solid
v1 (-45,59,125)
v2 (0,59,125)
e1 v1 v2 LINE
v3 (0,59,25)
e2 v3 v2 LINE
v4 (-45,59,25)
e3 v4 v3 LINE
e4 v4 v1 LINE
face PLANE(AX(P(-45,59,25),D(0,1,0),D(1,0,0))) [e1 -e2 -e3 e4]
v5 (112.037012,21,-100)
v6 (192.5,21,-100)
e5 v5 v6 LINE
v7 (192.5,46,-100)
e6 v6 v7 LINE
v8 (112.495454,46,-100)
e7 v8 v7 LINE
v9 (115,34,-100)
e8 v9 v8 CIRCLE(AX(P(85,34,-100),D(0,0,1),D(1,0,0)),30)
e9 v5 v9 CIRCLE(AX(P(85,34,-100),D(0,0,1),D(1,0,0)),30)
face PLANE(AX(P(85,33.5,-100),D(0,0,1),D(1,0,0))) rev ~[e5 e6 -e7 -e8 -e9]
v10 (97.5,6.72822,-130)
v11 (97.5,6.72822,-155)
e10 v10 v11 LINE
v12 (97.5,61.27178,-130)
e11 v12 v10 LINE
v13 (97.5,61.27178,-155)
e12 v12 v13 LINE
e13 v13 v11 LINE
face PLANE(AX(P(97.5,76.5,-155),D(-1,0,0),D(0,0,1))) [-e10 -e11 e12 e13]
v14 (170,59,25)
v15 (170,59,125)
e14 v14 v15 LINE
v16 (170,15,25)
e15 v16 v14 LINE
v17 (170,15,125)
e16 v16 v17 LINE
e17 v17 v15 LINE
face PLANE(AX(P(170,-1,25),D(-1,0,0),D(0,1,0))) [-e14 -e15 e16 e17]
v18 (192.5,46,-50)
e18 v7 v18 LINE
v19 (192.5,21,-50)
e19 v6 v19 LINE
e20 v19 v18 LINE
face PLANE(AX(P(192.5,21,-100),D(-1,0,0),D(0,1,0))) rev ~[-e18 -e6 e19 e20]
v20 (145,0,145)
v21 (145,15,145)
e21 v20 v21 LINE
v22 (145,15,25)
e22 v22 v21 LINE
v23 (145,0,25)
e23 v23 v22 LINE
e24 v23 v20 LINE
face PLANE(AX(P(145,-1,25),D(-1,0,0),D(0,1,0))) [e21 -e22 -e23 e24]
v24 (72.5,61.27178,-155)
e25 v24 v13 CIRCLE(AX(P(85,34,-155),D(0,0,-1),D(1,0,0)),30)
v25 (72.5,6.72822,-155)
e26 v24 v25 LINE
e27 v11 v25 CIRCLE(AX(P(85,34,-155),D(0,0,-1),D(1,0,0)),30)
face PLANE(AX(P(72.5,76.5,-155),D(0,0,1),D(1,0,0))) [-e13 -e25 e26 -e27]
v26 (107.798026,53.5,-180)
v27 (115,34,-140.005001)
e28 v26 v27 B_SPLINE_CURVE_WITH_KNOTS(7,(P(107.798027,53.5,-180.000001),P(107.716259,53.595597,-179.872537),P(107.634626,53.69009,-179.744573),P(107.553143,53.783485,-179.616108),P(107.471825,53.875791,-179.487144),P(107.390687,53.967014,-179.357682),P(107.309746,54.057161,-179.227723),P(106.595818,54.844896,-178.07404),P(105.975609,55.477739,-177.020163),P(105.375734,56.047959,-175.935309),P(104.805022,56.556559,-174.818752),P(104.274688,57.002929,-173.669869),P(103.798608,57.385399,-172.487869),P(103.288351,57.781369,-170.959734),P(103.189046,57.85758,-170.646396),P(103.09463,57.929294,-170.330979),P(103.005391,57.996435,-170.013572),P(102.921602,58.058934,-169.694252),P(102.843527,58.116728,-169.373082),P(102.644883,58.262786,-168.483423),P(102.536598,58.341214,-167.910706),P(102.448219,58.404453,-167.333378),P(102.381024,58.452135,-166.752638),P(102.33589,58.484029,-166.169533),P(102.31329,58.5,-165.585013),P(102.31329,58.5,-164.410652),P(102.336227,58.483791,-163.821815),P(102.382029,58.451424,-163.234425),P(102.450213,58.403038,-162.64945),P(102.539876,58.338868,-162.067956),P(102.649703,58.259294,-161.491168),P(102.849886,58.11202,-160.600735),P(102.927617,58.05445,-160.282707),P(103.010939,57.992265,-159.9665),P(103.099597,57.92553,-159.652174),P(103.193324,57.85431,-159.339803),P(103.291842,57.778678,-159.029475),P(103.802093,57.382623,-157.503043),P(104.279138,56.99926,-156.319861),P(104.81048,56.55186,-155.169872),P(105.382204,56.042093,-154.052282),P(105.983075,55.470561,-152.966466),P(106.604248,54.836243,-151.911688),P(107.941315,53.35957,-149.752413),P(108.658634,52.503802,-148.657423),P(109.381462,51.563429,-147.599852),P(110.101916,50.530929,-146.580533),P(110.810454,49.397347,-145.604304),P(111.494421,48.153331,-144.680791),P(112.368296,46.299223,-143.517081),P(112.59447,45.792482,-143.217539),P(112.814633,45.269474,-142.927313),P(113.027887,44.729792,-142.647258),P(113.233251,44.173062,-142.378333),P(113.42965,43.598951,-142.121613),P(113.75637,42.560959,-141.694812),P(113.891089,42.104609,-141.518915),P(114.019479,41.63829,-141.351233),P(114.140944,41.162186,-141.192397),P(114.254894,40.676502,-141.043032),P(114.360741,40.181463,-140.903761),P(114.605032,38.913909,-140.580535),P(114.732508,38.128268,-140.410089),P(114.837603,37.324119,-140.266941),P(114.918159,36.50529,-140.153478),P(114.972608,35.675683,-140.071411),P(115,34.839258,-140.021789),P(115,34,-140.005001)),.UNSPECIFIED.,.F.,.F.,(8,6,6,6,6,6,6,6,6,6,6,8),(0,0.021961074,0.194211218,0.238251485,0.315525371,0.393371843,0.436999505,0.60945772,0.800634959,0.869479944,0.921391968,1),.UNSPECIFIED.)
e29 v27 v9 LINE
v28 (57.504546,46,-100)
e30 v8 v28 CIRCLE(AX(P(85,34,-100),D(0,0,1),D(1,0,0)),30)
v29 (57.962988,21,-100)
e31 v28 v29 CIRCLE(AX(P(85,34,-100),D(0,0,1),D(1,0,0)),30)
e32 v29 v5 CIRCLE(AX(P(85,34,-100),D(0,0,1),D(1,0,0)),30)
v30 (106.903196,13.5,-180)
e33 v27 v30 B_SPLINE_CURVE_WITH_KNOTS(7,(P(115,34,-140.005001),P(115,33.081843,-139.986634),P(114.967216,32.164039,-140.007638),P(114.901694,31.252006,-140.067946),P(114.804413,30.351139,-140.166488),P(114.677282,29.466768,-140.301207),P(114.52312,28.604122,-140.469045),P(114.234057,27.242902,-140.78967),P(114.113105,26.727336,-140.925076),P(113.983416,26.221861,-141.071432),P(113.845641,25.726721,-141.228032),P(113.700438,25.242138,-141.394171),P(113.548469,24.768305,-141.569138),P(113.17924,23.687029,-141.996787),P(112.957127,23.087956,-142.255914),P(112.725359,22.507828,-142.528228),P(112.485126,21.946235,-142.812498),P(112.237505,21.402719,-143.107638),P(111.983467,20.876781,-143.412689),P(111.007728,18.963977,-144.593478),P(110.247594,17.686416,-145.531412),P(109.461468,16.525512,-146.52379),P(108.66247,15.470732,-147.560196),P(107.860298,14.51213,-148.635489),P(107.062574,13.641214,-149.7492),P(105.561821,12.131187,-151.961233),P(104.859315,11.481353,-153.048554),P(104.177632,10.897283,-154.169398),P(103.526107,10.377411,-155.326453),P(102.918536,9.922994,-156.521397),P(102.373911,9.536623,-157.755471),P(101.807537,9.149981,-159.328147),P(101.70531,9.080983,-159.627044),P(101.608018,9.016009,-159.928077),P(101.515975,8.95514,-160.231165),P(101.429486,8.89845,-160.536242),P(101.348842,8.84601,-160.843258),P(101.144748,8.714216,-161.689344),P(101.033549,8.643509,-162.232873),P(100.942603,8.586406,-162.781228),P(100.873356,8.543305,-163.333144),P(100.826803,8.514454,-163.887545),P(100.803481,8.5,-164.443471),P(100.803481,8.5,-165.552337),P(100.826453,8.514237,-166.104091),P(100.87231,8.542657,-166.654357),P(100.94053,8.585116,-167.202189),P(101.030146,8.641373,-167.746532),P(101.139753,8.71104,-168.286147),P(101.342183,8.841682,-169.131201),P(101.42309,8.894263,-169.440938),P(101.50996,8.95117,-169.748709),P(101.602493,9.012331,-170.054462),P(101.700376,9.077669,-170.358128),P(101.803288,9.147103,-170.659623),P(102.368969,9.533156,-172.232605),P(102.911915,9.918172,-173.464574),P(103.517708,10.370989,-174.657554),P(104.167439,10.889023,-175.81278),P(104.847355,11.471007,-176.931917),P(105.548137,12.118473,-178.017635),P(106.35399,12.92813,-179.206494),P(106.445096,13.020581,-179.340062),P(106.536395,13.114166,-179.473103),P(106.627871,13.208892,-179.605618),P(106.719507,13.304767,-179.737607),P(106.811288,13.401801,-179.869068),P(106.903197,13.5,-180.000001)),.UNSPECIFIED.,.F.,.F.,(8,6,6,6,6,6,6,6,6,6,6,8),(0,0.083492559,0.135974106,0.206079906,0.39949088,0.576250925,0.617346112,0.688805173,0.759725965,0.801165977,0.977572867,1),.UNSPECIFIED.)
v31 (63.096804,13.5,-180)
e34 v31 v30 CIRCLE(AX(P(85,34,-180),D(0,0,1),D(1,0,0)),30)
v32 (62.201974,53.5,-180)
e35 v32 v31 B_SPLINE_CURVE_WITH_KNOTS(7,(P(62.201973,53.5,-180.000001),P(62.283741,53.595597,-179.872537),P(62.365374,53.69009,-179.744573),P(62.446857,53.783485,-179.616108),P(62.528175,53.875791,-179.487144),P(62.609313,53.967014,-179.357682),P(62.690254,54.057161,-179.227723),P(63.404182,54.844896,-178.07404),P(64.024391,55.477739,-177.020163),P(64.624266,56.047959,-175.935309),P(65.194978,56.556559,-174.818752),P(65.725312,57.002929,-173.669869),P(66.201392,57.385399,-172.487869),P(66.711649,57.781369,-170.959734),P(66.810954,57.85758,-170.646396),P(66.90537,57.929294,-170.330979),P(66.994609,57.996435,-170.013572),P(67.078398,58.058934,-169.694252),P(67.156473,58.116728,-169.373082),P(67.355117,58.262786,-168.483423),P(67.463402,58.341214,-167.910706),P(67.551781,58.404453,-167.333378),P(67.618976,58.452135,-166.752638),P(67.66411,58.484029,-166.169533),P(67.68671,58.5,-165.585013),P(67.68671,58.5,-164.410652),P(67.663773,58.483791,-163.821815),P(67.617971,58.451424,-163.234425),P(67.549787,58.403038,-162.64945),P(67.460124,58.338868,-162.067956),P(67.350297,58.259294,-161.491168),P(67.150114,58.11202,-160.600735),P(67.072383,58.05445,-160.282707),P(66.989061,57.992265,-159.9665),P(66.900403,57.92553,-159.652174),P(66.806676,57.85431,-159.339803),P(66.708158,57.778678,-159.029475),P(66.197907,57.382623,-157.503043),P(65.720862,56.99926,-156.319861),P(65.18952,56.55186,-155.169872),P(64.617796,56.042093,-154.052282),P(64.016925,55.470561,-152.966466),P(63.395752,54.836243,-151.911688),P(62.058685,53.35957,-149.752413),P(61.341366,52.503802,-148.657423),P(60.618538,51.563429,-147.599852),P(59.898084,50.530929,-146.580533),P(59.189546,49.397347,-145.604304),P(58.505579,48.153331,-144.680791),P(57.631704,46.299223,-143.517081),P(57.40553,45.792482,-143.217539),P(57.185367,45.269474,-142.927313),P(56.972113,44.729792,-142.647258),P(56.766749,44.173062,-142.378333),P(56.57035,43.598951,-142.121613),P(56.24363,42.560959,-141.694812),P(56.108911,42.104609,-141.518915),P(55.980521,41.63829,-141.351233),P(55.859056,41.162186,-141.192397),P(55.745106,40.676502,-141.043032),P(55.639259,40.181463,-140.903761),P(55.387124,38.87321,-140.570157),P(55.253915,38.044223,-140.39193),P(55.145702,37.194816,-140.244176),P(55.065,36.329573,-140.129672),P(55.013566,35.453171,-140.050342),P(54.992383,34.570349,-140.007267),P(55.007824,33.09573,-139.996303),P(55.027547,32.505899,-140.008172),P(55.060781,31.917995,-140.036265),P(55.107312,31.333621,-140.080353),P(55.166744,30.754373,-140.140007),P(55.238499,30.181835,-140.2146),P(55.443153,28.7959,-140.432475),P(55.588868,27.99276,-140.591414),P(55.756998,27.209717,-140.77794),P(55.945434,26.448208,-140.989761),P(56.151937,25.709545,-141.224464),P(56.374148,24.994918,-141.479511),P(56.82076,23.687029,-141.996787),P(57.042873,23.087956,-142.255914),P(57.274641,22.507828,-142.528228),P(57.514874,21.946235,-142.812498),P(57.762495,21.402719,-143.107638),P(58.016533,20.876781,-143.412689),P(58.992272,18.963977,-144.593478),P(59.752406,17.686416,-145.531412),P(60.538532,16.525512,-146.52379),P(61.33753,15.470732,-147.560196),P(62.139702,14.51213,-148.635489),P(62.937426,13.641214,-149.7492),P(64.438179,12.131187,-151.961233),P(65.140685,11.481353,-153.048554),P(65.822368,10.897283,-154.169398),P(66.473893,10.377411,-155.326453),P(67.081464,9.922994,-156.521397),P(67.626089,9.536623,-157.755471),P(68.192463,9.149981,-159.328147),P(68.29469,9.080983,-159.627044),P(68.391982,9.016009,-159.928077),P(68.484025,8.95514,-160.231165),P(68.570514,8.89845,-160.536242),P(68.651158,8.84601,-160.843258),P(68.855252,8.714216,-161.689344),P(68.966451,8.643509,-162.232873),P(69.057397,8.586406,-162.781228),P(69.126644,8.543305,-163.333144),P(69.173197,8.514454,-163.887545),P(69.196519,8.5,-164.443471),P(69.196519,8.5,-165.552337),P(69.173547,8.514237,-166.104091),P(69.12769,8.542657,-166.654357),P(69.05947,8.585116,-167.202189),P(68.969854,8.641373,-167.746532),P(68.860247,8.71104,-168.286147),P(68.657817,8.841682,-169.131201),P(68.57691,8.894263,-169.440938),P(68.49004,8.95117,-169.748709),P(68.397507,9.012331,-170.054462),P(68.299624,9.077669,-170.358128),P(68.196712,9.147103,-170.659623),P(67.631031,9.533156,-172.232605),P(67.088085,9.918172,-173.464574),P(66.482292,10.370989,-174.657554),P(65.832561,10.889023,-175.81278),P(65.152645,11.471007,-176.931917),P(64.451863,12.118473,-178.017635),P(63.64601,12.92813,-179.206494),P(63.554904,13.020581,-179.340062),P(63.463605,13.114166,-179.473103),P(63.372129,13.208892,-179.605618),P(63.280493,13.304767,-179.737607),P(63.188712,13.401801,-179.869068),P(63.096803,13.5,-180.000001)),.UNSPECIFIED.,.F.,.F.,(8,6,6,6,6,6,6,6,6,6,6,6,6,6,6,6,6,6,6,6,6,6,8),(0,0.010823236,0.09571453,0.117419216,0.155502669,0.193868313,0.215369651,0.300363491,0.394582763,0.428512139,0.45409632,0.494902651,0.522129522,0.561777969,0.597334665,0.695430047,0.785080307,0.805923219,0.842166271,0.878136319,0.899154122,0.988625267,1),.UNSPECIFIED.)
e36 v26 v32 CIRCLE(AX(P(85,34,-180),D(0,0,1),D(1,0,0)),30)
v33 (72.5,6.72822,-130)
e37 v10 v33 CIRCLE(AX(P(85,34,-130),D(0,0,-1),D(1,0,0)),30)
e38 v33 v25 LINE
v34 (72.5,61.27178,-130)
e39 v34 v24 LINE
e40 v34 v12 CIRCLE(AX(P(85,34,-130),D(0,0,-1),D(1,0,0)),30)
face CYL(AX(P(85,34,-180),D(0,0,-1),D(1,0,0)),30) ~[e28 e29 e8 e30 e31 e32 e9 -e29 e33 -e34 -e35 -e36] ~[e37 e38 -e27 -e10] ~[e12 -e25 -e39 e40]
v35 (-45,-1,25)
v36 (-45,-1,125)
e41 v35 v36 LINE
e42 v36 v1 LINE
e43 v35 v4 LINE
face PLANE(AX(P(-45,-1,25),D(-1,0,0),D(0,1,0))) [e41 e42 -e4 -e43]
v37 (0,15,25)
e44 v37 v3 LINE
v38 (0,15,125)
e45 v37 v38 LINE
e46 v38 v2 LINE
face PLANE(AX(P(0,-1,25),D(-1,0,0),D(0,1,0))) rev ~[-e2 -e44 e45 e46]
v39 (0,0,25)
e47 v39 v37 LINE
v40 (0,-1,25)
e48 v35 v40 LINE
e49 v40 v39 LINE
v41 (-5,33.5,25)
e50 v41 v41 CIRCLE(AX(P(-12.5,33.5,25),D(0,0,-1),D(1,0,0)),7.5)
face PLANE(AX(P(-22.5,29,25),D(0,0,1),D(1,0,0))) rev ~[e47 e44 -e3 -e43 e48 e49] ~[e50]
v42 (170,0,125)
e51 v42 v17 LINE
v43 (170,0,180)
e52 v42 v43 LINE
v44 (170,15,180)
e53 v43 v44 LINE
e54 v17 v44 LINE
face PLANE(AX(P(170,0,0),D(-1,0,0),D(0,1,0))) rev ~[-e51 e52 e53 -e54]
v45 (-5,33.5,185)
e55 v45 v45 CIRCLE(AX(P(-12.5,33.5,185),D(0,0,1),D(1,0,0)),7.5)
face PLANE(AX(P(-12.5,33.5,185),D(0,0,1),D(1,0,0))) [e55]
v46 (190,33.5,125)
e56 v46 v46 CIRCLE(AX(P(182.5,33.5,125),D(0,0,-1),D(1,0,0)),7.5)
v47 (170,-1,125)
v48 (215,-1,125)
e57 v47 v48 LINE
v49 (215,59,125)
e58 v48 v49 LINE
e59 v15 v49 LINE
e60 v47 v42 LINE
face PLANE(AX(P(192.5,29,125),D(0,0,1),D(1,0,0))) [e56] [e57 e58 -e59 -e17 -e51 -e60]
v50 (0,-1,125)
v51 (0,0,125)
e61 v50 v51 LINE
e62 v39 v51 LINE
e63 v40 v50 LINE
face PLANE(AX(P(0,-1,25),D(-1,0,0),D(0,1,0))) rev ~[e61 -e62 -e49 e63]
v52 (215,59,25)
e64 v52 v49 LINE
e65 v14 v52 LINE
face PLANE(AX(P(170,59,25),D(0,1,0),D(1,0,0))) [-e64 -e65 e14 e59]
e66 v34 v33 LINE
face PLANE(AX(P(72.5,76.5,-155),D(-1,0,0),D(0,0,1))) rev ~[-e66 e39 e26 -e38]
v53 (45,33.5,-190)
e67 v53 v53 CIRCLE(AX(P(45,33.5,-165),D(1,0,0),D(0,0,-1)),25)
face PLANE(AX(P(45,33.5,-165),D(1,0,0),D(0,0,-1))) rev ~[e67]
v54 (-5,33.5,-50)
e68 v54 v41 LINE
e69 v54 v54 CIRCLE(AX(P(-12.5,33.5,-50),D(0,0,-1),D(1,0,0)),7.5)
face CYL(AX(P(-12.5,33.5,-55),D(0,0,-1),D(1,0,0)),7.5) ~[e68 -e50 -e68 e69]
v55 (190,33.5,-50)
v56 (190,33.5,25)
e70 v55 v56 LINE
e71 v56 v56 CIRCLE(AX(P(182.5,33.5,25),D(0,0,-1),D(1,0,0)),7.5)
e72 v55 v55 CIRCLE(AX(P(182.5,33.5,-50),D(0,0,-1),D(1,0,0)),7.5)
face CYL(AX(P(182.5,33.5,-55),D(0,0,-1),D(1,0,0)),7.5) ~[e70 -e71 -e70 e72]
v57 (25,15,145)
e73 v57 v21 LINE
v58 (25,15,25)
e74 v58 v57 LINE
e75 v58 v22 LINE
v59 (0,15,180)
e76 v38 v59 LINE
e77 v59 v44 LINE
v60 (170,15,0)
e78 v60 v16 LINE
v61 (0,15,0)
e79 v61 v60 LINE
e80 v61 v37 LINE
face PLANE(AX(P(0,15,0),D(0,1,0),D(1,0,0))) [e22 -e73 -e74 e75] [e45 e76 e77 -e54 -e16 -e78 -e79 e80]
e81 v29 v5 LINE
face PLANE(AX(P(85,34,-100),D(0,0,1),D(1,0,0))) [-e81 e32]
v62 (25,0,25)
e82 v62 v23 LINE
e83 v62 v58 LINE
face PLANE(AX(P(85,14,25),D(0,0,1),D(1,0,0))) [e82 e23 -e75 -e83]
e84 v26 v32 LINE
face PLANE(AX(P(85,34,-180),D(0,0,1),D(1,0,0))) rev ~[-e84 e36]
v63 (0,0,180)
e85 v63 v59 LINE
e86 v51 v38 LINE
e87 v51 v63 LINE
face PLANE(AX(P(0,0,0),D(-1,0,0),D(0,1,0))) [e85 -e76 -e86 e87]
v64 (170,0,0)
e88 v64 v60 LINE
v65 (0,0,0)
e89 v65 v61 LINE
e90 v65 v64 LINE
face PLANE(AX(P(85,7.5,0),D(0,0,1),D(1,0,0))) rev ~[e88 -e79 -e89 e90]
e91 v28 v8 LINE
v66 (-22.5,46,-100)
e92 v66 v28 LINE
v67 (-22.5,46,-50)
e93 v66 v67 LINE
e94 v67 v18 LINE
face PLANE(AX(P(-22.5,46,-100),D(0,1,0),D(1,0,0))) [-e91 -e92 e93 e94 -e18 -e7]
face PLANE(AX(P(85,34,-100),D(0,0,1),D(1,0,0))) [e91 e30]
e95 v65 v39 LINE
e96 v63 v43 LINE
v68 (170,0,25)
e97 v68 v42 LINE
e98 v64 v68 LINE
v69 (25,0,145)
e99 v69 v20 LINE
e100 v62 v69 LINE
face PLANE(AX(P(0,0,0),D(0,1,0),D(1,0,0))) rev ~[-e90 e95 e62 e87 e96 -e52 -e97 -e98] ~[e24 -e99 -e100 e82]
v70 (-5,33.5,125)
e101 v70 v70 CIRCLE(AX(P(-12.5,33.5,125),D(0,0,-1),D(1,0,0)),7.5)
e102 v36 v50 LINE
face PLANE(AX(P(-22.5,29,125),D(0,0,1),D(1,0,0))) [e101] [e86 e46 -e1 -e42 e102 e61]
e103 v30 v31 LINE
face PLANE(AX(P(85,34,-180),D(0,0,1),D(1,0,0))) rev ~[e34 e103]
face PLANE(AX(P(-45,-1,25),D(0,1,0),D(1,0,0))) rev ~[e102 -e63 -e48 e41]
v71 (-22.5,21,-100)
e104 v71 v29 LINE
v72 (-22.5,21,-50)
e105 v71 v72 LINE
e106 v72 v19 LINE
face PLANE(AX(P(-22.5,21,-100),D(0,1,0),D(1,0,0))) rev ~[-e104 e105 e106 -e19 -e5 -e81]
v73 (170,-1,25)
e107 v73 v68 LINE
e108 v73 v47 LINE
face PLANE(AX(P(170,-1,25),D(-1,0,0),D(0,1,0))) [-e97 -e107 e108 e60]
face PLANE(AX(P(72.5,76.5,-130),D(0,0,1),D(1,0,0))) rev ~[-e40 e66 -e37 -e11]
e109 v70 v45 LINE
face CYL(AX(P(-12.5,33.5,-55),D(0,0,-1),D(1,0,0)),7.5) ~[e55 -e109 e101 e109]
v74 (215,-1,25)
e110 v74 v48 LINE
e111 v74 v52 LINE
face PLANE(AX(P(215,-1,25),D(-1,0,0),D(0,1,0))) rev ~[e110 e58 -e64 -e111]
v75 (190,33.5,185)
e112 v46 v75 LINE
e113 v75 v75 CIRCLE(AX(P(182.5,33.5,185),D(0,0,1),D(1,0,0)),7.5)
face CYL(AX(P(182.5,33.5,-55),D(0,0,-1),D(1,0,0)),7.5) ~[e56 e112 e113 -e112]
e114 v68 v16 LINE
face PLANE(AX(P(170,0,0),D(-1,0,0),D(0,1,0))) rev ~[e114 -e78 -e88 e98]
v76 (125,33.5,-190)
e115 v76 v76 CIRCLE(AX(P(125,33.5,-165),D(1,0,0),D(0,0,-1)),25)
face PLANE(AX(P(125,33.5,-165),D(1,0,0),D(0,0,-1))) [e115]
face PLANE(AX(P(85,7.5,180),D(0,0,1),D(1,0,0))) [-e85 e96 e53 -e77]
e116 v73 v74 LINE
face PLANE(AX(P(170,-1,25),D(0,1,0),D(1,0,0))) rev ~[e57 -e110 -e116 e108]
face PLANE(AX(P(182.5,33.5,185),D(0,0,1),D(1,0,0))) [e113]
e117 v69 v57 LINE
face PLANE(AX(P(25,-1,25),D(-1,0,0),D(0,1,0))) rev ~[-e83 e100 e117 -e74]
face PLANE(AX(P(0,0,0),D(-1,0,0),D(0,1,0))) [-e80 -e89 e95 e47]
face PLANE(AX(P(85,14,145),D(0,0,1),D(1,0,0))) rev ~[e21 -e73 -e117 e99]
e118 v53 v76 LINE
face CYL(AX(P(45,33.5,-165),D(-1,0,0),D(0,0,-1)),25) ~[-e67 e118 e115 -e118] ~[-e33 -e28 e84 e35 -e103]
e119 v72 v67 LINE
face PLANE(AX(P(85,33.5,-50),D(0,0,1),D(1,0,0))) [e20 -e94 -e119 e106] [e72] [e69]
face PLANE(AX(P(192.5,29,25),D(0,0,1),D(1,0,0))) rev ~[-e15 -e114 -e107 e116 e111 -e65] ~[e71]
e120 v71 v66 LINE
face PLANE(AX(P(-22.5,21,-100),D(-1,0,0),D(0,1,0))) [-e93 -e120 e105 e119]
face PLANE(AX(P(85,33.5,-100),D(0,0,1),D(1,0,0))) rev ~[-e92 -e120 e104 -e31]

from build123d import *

# Parameters (mm, degrees)
CYLINDER_R        = 7.5
CYLINDER_DEPTH    = 240
CYLINDER001_R     = 7.5
CYLINDER001_DEPTH = 240
BOX008_W          = 45
BOX008_H          = 60
BOX008_DEPTH      = 100
BOX009_W          = 45
BOX009_H          = 60
BOX009_DEPTH      = 100
BOX010_W          = 120
BOX010_H          = 30
BOX010_DEPTH      = 120
BOX006_W          = 170
BOX006_H          = 15
BOX006_DEPTH      = 180
BOX018_W          = 25
BOX018_H          = 25
BOX018_DEPTH      = 100
CYLINDER002_R     = 30
CYLINDER002_DEPTH = 80
CYLINDER003_R     = 25
CYLINDER003_DEPTH = 80
BOX007_W          = 215
BOX007_H          = 25
BOX007_DEPTH      = 50


with BuildPart() as cylinder:
    # Cylinder → Cylinder (new body)
    with BuildSketch(Plane(origin=(-12.5, 33.5, -55), x_dir=(1, 0, 0), z_dir=(0, 0, 1))):
        Circle(CYLINDER_R)
    extrude(amount=CYLINDER_DEPTH)


with BuildPart() as cylinder001:
    # Cylinder001 → Cylinder001 (new body)
    with BuildSketch(Plane(origin=(182.5, 33.5, -55), x_dir=(1, 0, 0), z_dir=(0, 0, 1))):
        Circle(CYLINDER001_R)
    extrude(amount=CYLINDER001_DEPTH)


with BuildPart() as cube004:
    # Box008 → Box008 (new body)
    with BuildSketch(Plane(origin=(-45, -1, 25), x_dir=(1, 0, 0), z_dir=(0, 0, 1))):
        with Locations((22.5, 30)):
            Rectangle(BOX008_W, BOX008_H)
    extrude(amount=BOX008_DEPTH)


with BuildPart() as cube005:
    # Box009 → Box009 (new body)
    with BuildSketch(Plane(origin=(170, -1, 25), x_dir=(1, 0, 0), z_dir=(0, 0, 1))):
        with Locations((22.5, 30)):
            Rectangle(BOX009_W, BOX009_H)
    extrude(amount=BOX009_DEPTH)


with BuildPart() as cube006:
    # Box010 → Box010 (new body)
    with BuildSketch(Plane(origin=(25, -1, 25), x_dir=(1, 0, 0), z_dir=(0, 0, 1))):
        with Locations((60, 15)):
            Rectangle(BOX010_W, BOX010_H)
    extrude(amount=BOX010_DEPTH)


with BuildPart() as cut002:
    # Box006 → Box006 (new body)
    with BuildSketch(Plane.XY):
        with Locations((85, 7.5)):
            Rectangle(BOX006_W, BOX006_H)
    extrude(amount=BOX006_DEPTH)

    # Cut002: cut Cube006
    add(cube006.part, mode=Mode.SUBTRACT)


with BuildPart() as cube014:
    # Box018 → Box018 (new body)
    with BuildSketch(Plane(origin=(72.5, 76.5, -155), x_dir=(1, 0, 0), z_dir=(0, -1, 0))):
        with Locations((12.5, 12.5)):
            Rectangle(BOX018_W, BOX018_H)
    extrude(amount=BOX018_DEPTH)


with BuildPart() as cylinder002:
    # Cylinder002 → Cylinder002 (new body)
    with BuildSketch(Plane(origin=(85, 34, -180), x_dir=(1, 0, 0), z_dir=(0, 0, 1))):
        Circle(CYLINDER002_R)
    extrude(amount=CYLINDER002_DEPTH)


with BuildPart() as cut005:
    # Cylinder003 → Cylinder003 (new body)
    with BuildSketch(Plane(origin=(45, 33.5, -165), x_dir=(0, 0, -1), z_dir=(1, 0, 0))):
        Circle(CYLINDER003_R)
    extrude(amount=CYLINDER003_DEPTH)

    # Fusion001: union Cylinder002
    add(cylinder002.part)

    # Cut005: cut Cube014
    add(cube014.part, mode=Mode.SUBTRACT)


with BuildPart() as standard:
    # Box007 → Box007 (new body)
    with BuildSketch(Plane(origin=(-22.5, 21, -100), x_dir=(1, 0, 0), z_dir=(0, 0, 1))):
        with Locations((107.5, 12.5)):
            Rectangle(BOX007_W, BOX007_H)
    extrude(amount=BOX007_DEPTH)

    # Fusion002: union Cylinder, Cylinder001, Cube004, Cube005, Cut002, Cut005
    add(cylinder.part)
    add(cylinder001.part)
    add(cube004.part)
    add(cube005.part)
    add(cut002.part)
    add(cut005.part)


solid = standard.part
